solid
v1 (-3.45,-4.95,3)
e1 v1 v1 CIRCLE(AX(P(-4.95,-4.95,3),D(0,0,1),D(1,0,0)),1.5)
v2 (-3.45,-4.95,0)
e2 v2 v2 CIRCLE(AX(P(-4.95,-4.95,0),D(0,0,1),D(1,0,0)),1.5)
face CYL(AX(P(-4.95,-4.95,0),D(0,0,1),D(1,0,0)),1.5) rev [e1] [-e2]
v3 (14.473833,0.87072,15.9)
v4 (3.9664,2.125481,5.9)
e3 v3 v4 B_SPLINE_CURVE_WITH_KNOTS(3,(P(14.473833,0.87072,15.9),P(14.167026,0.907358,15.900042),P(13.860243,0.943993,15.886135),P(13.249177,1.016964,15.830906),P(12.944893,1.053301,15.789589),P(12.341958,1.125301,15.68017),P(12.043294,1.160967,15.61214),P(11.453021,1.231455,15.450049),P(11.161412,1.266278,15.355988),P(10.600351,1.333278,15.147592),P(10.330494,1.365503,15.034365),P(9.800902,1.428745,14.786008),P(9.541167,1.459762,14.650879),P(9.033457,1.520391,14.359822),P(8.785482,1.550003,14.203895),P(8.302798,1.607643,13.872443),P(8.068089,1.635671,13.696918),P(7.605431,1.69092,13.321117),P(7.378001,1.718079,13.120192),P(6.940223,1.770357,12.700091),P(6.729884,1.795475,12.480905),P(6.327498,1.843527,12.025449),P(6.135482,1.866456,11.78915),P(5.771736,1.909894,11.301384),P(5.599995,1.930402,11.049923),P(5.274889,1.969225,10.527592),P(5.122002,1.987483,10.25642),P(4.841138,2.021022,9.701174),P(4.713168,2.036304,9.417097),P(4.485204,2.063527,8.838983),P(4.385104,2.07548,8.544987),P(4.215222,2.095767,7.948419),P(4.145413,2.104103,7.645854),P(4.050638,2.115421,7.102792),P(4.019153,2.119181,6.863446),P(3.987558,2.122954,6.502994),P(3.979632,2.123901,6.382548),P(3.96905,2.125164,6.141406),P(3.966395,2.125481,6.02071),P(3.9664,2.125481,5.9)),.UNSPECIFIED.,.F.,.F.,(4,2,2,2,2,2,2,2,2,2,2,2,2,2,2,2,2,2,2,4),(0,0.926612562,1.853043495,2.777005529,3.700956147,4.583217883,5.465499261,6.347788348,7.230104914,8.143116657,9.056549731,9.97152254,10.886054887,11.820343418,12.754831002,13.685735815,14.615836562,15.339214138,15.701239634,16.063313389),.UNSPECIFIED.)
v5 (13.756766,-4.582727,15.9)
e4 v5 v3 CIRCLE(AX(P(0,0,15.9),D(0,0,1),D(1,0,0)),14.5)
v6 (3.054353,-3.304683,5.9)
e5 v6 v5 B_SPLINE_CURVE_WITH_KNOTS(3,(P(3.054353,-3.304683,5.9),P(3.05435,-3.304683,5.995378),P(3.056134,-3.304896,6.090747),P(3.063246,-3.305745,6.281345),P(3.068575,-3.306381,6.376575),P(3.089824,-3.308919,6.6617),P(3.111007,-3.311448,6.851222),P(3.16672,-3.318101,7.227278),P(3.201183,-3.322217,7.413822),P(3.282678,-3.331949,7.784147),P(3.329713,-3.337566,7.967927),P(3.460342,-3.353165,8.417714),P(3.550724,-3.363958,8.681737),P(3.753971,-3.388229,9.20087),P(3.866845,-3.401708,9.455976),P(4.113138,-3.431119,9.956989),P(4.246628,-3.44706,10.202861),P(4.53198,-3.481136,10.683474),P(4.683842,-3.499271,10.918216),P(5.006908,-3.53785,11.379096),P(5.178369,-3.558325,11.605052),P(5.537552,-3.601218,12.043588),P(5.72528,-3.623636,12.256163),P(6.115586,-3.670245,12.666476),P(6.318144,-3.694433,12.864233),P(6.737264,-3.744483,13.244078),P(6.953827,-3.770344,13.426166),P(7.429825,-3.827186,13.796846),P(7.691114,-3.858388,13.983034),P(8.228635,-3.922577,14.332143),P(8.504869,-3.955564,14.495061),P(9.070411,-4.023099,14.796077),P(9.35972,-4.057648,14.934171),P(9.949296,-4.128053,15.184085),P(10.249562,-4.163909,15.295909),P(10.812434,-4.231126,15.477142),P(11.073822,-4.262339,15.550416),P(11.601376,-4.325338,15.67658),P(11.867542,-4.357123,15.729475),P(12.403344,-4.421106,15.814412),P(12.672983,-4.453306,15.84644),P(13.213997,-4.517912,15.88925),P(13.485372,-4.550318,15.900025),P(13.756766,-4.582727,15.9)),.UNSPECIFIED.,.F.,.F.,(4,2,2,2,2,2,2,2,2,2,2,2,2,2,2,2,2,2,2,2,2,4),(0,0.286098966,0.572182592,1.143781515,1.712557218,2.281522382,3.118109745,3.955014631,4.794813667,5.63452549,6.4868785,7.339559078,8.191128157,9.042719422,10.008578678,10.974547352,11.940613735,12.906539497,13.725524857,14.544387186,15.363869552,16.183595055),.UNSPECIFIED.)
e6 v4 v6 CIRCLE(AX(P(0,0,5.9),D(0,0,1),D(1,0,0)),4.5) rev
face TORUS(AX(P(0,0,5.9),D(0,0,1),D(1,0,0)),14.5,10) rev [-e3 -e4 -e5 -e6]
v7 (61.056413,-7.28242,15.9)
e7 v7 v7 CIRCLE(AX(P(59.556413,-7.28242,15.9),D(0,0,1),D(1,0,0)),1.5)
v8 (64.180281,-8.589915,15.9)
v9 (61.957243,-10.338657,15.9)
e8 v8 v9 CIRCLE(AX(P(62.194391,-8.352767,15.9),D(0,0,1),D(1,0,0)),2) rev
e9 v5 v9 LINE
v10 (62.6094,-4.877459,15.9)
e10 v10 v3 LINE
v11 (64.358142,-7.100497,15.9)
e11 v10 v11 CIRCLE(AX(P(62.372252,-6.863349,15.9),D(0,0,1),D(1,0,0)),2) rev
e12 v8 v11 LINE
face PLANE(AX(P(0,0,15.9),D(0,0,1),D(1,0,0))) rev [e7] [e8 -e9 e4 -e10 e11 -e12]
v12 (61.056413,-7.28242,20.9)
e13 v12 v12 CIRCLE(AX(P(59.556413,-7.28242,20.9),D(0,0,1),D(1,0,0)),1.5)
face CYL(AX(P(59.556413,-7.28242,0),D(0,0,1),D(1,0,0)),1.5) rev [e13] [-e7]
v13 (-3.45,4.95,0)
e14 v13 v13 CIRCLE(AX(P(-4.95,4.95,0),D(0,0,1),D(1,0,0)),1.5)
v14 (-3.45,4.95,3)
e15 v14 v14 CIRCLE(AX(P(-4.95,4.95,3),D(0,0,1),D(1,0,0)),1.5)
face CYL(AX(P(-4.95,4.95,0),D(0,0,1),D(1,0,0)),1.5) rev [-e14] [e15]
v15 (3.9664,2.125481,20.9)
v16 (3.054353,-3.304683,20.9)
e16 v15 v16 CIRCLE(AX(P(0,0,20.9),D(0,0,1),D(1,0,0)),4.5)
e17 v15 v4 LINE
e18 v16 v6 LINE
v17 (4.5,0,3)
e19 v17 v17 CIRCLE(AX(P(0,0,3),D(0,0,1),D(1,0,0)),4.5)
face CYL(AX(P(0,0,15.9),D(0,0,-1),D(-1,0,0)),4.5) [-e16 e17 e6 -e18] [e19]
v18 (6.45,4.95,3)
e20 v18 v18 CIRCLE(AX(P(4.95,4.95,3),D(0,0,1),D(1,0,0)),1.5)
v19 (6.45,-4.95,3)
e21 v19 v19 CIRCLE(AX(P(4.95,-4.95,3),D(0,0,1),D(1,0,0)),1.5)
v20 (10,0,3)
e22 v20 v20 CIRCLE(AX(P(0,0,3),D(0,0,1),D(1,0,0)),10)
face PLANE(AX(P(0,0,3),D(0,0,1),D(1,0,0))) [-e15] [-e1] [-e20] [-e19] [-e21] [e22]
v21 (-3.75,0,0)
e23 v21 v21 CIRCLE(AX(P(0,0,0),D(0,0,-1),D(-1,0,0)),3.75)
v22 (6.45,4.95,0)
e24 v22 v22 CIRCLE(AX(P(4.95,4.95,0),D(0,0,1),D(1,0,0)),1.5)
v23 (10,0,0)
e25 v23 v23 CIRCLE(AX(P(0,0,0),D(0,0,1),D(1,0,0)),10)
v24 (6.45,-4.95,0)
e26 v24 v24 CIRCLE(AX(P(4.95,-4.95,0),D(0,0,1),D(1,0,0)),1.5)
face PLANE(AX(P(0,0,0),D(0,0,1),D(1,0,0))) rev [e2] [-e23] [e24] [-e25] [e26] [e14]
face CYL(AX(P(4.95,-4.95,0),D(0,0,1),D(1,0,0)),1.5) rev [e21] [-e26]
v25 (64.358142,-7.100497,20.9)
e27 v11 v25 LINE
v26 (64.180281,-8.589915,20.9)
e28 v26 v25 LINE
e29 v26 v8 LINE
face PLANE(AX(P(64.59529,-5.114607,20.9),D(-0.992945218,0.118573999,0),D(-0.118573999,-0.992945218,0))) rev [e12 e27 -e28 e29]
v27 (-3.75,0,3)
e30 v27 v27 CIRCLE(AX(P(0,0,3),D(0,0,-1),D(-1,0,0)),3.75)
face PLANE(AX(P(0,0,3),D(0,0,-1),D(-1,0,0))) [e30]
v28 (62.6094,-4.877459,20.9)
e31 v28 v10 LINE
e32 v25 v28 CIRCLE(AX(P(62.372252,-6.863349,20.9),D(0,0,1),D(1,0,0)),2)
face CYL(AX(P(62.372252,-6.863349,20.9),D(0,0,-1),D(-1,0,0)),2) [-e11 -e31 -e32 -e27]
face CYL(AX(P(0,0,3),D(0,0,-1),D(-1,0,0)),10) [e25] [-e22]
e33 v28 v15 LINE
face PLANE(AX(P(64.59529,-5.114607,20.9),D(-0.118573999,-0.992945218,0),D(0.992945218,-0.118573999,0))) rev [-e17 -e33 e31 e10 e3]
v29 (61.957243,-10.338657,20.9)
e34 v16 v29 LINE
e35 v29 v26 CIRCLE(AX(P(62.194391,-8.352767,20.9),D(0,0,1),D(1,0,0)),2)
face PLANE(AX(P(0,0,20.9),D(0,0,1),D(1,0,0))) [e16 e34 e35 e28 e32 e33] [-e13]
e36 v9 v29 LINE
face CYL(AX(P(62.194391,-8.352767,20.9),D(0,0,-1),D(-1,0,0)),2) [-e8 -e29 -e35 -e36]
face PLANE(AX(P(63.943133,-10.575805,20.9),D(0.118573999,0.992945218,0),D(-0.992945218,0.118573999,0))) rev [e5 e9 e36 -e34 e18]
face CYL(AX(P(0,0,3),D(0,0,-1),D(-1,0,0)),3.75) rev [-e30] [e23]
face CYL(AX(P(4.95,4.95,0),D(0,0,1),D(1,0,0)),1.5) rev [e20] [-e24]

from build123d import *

# Parameters (mm, degrees)
SKETCH_1_R          = 10
EXTRUDE_1_DEPTH     = 3
SKETCH_2_R          = 1.5
CUT_EXTRUDE_1_DEPTH = 15.45683229480096
EXTRUDE_START       = 12.9
SKETCH_3_R          = 4.5
SKETCH_3_R_2        = 1.5000000000000002
EXTRUDE_2_DEPTH     = 12.9
EXTRUDE_START_2     = -15.9
SKETCH_4_R          = 1.5000000000000002
EXTRUDE_4_DEPTH     = 15.9
EXTRUDE_5_DEPTH     = 5
SKETCH_6_R          = 1.4999999999999751
CUT_EXTRUDE_2_DEPTH = 69.71105565006431
EXTRUDE_START_3     = 5
EXTRUDE_8_DEPTH     = 5
FILLET_1_R          = 10
FILLET_2_R          = 2
SKETCH_8_R          = 3.75
CUT_EXTRUDE_3_DEPTH = 3


with BuildPart() as part:
    # 草图1 → 凸台-拉伸1 (new body)
    with BuildSketch(Plane.XY):
        Circle(SKETCH_1_R)
    extrude(amount=EXTRUDE_1_DEPTH)

    # 草图2 → 切除-拉伸1 (cut, through all)
    with BuildSketch(Plane.XY.offset(3)):
        with BuildLine():
            ThreePointArc((-3.4499999999999966, 4.9499999999999975), (-6.010660171779826, 6.010660171779813), (-4.949999999999979, 3.4499999999999966))
            Line((-4.9499999999999975, 3.4499999999999966), (-4.9499999999999975, 4.949999999999997))
            Line((-4.9499999999999975, 4.9499999999999975), (-3.4499999999999957, 4.9499999999999975))
        make_face()
        with BuildLine():
            Line((-4.9499999999999975, 4.949999999999997), (-4.9499999999999975, 3.4499999999999966))
            ThreePointArc((-4.949999999999979, 3.4499999999999966), (-3.8893398282201694, 3.889339828220182), (-3.4499999999999966, 4.9499999999999975))
            Line((-3.4499999999999957, 4.9499999999999975), (-4.9499999999999975, 4.9499999999999975))
        make_face()
        with BuildLine():
            ThreePointArc((3.450000000000002, 4.95), (3.889339828220187, 3.889339828220172), (4.9500000000000215, 3.4499999999999993))
            Line((4.950000000000003, 3.4499999999999984), (4.950000000000003, 4.95))
            Line((4.950000000000003, 4.95), (3.450000000000002, 4.95))
        make_face()
        with BuildLine():
            Line((4.950000000000003, 4.95), (4.950000000000003, 3.4499999999999984))
            ThreePointArc((4.9500000000000215, 3.4499999999999993), (6.010660171779831, 3.8893398282201845), (6.450000000000004, 4.95))
            ThreePointArc((6.450000000000004, 4.95), (4.950000000000003, 6.450000000000001), (3.450000000000002, 4.95))
            Line((3.450000000000002, 4.95), (4.950000000000003, 4.95))
        make_face()
        with BuildLine():
            ThreePointArc((-4.949999999999978, -3.450000000000001), (-6.0106601717798265, -6.010660171779817), (-3.4499999999999966, -4.950000000000002))
            Line((-3.4499999999999957, -4.950000000000002), (-4.9499999999999975, -4.950000000000002))
            Line((-4.9499999999999975, -4.950000000000002), (-4.9499999999999975, -3.450000000000001))
        make_face()
        with BuildLine():
            Line((-4.9499999999999975, -4.950000000000002), (-3.4499999999999957, -4.950000000000002))
            ThreePointArc((-3.4499999999999966, -4.950000000000002), (-3.8893398282201685, -3.889339828220187), (-4.949999999999978, -3.450000000000001))
            Line((-4.9499999999999975, -3.450000000000001), (-4.9499999999999975, -4.950000000000002))
        make_face()
        with BuildLine():
            ThreePointArc((4.950000000000022, -3.4499999999999993), (3.889339828220188, -3.8893398282201717), (3.450000000000002, -4.95))
            Line((3.450000000000002, -4.95), (4.950000000000003, -4.95))
            Line((4.950000000000003, -4.95), (4.950000000000003, -3.4499999999999993))
        make_face()
        with BuildLine():
            Line((4.950000000000003, -4.95), (3.450000000000002, -4.95))
            ThreePointArc((3.450000000000002, -4.95), (4.950000000000003, -6.450000000000001), (6.450000000000004, -4.95))
            ThreePointArc((6.450000000000004, -4.95), (6.010660171779832, -3.8893398282201854), (4.950000000000022, -3.4499999999999993))
            Line((4.950000000000003, -3.4499999999999993), (4.950000000000003, -4.95))
        make_face()
        Circle(SKETCH_2_R)
    extrude(amount=-CUT_EXTRUDE_1_DEPTH, mode=Mode.SUBTRACT)

    # 草图3 → 凸台-拉伸2 (add)
    with BuildSketch(Plane.XY.offset(3).offset(EXTRUDE_START)):
        with Locations(Location((0, 0, 0), (0, 0, 180))):
            Circle(SKETCH_3_R)
        Circle(SKETCH_3_R_2, mode=Mode.SUBTRACT)
    extrude(amount=-EXTRUDE_2_DEPTH)

    # 草图4 → 凸台-拉伸4 (add)
    with BuildSketch(Plane(origin=(0, 0, 0), x_dir=(-1, 0, 0), z_dir=(0, 0, -1)).offset(EXTRUDE_START_2)):
        Circle(SKETCH_4_R)
    extrude(amount=EXTRUDE_4_DEPTH)

    # 草图5 → 凸台-拉伸5 (add)
    with BuildSketch(Plane.XY.offset(15.9)):
        Polygon((64.59529016246847, -5.1146065812479), (63.94313316774814, -10.575805282470675), (-0.5983060285210257, -2.8684953448666564), (0.05385096619931135, 2.5927033563560817), align=None)
    extrude(amount=EXTRUDE_5_DEPTH)

    # 草图6 → 切除-拉伸2 (cut, through all)
    with BuildSketch(Plane.XY.offset(20.900000000000002)):
        with Locations((59.55641321806875, -7.28242024320529)):
            Circle(SKETCH_6_R)
    extrude(amount=-CUT_EXTRUDE_2_DEPTH, mode=Mode.SUBTRACT)

    # 草图7 → 凸台-拉伸8 (add)
    with BuildSketch(Plane.XY.offset(15.9).offset(EXTRUDE_START_3)):
        with BuildLine():
            Line((0.05385096619931135, 2.5927033563560817), (3.9664004294167037, 2.1254805653129325))
            ThreePointArc((3.9664004294167037, 2.1254805653129325), (-4.4378387444626375, 0.7453772723569406), (3.054352769395848, -3.3046829136974565))
            Line((3.054352769395848, -3.3046829136974565), (-0.5983060285210257, -2.8684953448666564))
            Line((-0.5983060285210257, -2.8684953448666564), (0.05385096619931135, 2.5927033563560817))
        make_face()
    extrude(amount=-EXTRUDE_8_DEPTH)

    # 圆角1
    fillet_1_edges = [part.edges().sort_by_distance(p)[0] for p in [
        (4.437838744462656, -0.7453772723568349, 15.9),
    ]]
    fillet(fillet_1_edges, radius=FILLET_1_R)

    # 圆角2
    fillet_2_edges = [part.edges().sort_by_distance(p)[0] for p in [
        (63.94313316774814, -10.575805282470675, 18.4),
        (64.59529016246847, -5.1146065812479, 18.4),
    ]]
    fillet(fillet_2_edges, radius=FILLET_2_R)

    # 草图8 → 切除-拉伸3 (cut)
    with BuildSketch(Plane(origin=(0, 0, 0), x_dir=(-1, 0, 0), z_dir=(0, 0, -1))):
        Circle(SKETCH_8_R)
    extrude(amount=-CUT_EXTRUDE_3_DEPTH, mode=Mode.SUBTRACT)


solid = part.part
